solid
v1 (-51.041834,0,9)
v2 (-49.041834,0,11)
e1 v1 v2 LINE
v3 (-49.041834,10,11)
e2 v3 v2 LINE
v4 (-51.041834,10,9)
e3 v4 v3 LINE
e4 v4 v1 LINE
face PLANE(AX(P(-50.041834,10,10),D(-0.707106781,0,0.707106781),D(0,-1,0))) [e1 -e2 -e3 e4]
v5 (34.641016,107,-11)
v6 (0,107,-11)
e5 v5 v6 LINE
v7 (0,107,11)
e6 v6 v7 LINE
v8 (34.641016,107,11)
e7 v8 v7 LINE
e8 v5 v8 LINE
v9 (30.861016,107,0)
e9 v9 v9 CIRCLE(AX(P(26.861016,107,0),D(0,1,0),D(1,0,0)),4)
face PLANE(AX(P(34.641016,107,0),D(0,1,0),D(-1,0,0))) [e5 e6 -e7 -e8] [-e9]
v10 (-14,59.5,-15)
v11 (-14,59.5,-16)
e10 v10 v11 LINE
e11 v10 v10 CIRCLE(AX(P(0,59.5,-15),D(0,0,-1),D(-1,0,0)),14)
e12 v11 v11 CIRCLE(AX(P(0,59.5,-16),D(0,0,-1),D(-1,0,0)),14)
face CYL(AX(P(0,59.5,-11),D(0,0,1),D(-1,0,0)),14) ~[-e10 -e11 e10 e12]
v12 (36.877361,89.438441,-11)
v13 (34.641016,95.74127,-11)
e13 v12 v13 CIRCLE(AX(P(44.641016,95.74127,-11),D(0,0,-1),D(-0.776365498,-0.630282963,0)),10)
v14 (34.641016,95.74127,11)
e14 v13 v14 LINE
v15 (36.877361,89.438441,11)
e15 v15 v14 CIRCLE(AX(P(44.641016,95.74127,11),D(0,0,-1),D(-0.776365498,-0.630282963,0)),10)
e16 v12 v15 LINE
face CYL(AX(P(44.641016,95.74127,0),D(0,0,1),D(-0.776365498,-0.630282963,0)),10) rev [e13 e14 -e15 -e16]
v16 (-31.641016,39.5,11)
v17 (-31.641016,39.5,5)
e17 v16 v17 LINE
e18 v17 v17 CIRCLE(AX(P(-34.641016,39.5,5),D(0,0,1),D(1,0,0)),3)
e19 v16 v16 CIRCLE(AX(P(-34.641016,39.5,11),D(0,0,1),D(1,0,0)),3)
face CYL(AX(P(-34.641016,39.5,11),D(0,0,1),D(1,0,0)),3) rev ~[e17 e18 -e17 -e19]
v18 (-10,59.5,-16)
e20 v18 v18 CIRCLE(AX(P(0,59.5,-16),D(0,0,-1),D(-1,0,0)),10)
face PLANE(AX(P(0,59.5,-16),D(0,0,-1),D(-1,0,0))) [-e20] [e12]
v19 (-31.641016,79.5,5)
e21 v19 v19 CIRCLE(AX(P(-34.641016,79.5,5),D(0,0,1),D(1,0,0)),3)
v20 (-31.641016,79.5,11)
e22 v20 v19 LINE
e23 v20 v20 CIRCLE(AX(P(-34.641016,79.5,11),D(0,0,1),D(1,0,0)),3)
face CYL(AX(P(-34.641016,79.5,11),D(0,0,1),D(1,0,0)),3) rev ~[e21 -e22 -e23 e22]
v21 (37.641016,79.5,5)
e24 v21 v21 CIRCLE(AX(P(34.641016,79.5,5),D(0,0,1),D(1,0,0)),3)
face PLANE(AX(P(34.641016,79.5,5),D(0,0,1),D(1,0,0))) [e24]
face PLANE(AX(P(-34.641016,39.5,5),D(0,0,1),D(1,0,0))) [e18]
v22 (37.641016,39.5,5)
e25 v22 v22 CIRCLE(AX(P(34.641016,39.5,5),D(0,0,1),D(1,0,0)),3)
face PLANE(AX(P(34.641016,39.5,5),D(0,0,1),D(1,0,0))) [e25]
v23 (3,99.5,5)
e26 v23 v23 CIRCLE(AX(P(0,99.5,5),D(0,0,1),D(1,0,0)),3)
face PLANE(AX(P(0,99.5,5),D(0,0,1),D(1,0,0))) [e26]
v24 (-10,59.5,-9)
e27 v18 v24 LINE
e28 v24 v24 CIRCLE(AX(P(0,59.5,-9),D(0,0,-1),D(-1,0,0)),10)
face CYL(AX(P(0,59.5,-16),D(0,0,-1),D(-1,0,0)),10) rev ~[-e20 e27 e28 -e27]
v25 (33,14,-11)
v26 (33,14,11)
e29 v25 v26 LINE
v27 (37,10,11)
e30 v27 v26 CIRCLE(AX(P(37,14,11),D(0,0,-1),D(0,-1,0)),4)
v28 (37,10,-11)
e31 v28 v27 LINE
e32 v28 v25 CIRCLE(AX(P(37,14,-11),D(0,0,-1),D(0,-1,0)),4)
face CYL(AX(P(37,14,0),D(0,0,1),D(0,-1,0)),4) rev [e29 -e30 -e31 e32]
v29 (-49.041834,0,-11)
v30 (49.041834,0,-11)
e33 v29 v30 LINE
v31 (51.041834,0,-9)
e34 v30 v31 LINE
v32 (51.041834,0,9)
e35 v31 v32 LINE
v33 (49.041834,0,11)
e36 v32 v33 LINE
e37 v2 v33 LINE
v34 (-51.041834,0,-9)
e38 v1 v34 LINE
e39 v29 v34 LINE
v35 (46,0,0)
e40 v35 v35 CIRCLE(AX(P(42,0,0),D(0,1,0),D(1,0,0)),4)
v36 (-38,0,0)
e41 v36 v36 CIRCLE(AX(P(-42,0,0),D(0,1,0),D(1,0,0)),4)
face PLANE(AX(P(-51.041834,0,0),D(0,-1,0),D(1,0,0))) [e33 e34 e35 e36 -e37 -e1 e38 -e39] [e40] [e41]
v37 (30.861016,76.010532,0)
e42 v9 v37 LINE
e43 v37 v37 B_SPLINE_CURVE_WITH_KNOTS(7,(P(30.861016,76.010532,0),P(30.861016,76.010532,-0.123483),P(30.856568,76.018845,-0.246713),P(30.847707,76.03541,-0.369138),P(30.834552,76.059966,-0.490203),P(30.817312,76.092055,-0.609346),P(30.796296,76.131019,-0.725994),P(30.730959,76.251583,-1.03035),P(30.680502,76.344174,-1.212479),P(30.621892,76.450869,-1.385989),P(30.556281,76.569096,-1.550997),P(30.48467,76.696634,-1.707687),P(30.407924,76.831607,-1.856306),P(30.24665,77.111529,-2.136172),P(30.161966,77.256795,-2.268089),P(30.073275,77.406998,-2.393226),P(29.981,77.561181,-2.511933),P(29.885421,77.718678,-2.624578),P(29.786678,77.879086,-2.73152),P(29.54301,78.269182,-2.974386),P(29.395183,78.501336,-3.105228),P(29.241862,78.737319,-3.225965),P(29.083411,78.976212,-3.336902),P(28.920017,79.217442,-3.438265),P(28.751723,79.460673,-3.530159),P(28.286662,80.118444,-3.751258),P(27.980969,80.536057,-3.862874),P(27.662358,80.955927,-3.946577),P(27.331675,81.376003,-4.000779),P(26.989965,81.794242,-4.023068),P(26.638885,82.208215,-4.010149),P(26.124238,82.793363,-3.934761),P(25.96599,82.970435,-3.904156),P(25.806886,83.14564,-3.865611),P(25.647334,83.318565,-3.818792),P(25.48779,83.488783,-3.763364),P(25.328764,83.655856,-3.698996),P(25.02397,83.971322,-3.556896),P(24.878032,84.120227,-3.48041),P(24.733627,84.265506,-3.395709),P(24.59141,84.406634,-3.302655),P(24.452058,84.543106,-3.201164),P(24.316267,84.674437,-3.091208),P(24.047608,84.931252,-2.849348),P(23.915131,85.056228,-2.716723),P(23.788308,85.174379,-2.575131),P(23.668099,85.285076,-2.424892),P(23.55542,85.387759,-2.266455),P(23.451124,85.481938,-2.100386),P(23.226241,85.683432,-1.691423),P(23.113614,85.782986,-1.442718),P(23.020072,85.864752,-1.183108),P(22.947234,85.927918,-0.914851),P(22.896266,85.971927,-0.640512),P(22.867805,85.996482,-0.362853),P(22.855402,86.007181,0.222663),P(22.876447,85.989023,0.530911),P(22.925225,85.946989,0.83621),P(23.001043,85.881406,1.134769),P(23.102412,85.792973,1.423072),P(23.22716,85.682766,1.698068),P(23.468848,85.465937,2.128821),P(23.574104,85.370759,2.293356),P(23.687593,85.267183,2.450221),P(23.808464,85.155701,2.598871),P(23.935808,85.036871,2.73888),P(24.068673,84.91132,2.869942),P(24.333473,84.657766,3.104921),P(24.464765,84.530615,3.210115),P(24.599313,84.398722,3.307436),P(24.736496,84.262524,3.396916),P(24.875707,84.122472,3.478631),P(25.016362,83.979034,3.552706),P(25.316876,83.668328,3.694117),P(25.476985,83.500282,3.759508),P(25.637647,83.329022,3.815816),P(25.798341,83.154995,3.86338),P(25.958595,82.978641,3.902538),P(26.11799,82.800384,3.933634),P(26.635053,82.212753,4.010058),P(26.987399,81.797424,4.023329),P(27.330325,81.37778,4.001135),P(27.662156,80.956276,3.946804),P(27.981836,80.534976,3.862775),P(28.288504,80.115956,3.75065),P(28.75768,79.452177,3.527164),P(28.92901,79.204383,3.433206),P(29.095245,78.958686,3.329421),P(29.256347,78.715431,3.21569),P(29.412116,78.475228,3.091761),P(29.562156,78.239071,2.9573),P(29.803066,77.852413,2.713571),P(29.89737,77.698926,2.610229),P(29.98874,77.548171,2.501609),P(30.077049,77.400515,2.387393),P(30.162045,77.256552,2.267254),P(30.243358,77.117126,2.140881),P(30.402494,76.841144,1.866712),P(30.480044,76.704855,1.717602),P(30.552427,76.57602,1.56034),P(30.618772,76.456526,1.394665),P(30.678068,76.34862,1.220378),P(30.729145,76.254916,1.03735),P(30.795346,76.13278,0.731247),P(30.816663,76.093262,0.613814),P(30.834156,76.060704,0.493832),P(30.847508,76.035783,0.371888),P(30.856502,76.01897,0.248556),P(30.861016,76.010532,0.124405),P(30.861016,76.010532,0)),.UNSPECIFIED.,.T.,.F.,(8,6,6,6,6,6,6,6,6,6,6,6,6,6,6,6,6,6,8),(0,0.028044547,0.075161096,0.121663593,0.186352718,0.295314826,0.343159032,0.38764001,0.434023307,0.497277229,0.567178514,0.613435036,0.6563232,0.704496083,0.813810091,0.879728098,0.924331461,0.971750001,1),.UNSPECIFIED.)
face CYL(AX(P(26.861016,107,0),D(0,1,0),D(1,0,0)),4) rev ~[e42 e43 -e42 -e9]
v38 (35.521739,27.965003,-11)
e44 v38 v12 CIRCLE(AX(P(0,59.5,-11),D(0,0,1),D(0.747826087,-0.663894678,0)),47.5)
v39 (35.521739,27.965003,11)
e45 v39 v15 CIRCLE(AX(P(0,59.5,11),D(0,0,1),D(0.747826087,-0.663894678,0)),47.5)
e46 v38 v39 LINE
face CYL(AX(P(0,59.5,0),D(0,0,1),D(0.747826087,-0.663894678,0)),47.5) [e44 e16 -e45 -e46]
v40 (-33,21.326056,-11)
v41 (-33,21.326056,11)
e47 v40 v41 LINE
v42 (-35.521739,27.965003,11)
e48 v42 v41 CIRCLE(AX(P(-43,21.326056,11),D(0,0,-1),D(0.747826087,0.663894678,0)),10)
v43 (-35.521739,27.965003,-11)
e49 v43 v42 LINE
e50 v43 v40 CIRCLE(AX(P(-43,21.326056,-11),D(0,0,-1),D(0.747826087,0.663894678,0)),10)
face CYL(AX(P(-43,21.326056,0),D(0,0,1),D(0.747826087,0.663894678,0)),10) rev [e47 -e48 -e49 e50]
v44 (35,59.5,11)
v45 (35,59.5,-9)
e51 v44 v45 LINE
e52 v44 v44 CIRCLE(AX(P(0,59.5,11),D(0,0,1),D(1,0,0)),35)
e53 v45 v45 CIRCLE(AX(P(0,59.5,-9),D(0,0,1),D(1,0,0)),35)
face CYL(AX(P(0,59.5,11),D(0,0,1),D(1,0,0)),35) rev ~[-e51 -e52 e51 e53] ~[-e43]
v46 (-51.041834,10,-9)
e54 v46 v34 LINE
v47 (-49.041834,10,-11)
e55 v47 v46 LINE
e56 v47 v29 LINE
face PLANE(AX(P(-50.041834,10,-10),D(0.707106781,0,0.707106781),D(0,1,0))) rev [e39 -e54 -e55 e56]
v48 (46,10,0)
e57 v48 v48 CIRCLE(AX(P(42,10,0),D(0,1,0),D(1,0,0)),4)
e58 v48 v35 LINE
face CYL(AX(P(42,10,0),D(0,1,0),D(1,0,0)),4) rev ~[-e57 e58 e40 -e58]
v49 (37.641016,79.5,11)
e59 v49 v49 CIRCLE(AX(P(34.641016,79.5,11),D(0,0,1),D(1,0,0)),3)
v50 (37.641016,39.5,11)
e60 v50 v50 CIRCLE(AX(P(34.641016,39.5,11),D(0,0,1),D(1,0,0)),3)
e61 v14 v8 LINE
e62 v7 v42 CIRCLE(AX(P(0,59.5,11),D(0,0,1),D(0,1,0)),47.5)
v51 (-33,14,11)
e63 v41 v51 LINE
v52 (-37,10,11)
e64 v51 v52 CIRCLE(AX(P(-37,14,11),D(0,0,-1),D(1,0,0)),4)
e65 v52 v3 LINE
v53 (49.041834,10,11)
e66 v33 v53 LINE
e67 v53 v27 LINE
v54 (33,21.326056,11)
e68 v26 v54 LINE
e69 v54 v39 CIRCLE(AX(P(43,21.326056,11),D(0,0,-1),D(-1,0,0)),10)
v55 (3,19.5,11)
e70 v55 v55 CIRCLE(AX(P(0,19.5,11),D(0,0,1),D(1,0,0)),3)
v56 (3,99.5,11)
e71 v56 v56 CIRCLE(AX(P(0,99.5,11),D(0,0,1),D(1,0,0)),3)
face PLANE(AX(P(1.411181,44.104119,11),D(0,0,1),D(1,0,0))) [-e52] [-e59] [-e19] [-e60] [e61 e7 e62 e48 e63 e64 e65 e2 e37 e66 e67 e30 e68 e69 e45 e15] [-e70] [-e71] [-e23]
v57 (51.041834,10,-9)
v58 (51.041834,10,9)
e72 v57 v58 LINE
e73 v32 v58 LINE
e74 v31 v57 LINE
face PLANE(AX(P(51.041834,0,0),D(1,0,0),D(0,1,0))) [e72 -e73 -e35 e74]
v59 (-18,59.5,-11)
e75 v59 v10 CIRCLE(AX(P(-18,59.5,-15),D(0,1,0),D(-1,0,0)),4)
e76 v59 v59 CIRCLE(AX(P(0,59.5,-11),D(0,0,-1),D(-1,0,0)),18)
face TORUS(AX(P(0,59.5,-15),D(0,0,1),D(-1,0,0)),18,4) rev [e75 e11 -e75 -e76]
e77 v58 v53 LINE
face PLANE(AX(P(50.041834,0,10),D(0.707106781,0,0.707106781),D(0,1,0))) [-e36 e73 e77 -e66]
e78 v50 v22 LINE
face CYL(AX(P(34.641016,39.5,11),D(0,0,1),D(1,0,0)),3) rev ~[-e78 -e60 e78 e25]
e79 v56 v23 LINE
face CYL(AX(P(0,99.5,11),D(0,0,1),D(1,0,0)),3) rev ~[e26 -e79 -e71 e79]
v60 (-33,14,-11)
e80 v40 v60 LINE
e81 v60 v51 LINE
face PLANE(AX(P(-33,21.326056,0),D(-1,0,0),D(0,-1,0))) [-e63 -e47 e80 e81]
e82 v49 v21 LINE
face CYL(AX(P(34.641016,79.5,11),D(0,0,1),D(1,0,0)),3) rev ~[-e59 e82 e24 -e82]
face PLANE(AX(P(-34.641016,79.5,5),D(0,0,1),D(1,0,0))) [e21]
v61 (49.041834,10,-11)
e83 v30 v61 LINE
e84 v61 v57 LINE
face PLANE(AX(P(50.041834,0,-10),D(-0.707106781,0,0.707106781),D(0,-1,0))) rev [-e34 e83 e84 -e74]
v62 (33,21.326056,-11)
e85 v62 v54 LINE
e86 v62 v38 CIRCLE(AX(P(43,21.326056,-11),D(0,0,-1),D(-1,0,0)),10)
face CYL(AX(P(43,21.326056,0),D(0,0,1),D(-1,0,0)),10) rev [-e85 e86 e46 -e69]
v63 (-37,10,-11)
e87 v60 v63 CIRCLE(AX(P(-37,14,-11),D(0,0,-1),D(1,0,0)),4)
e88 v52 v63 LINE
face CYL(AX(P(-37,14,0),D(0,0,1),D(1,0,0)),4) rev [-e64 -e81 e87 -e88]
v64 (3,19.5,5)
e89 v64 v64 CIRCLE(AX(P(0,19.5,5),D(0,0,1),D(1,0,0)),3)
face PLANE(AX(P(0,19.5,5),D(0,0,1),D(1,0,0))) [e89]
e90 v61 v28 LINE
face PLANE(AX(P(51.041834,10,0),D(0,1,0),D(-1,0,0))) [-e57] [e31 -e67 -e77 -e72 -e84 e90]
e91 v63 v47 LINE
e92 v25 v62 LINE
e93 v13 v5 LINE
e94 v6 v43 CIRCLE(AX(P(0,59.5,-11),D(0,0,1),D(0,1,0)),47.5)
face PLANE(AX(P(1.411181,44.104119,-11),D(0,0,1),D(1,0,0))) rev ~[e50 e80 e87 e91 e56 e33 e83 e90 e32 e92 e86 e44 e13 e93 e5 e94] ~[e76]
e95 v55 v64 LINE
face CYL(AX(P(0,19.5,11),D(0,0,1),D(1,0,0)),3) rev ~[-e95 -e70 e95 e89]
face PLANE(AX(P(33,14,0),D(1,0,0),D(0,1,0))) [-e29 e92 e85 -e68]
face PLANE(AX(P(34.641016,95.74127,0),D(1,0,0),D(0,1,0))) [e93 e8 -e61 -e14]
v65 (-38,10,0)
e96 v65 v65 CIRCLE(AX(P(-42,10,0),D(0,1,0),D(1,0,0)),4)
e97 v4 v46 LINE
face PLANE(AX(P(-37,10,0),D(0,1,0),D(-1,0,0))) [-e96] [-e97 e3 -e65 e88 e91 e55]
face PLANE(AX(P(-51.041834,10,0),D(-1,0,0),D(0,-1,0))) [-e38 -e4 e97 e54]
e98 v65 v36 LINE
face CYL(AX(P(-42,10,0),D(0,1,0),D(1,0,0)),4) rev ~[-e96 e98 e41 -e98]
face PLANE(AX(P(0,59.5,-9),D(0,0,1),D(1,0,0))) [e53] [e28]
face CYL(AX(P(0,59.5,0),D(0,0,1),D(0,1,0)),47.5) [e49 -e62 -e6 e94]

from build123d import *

# Parameters (mm, degrees)
BOSS_EXTRUDE1_DEPTH = 11
SKETCH2_R           = 35
CUT_EXTRUDE1_DEPTH  = 20
SKETCH3_R           = 14
BOSS_EXTRUDE2_DEPTH = 5
SKETCH4_R           = 10
CUT_EXTRUDE2_DEPTH  = 55
FILLET1_R           = 4
CHAMFER1_SIZE       = 2
SKETCH5_R           = 4
CUT_EXTRUDE3_DEPTH  = 10
SKETCH6_R           = 4
CUT_EXTRUDE4_DEPTH  = 31
SKETCH7_R           = 3
CUT_EXTRUDE5_DEPTH  = 6


with BuildPart() as part:
    # Sketch1 → Boss-Extrude1 (new body, symmetric)
    with BuildSketch(Plane.XY):
        with BuildLine():
            Line((-51.041834152, 0), (51.041834152, 0))
            Line((51.041834152, 0), (51.041834152, 10))
            Line((51.041834152, 10), (37, 10))
            ThreePointArc((37, 10), (34.171572875, 11.171572875), (33, 14))
            Line((33, 14), (33, 21.326056007))
            ThreePointArc((33, 21.326056007), (33.651668366, 24.876928527), (35.52173913, 27.965002788))
            ThreePointArc((35.52173913, 27.965002788), (47.48845464, 58.45277704), (36.877361169, 89.438440728))
            ThreePointArc((36.877361169, 89.438440728), (35.216671351, 92.397361701), (34.641016151, 95.741270355))
            Line((34.641016151, 95.741270355), (34.641016151, 107))
            Line((34.641016151, 107), (0, 107))
            ThreePointArc((0, 107), (-43.325294965, 78.972257605), (-35.52173913, 27.965002788))
            ThreePointArc((-35.52173913, 27.965002788), (-33.651668366, 24.876928527), (-33, 21.326056007))
            Line((-33, 21.326056007), (-33, 14))
            ThreePointArc((-33, 14), (-34.171572875, 11.171572875), (-37, 10))
            Line((-37, 10), (-51.041834152, 10))
            Line((-51.041834152, 10), (-51.041834152, 0))
        make_face()
    extrude(amount=BOSS_EXTRUDE1_DEPTH, both=True)

    # Sketch2 → Cut-Extrude1 (cut)
    with BuildSketch(Plane.XY.offset(11)):
        with Locations((0, 59.5)):
            Circle(SKETCH2_R)
    extrude(amount=-CUT_EXTRUDE1_DEPTH, mode=Mode.SUBTRACT)

    # Sketch3 → Boss-Extrude2 (add)
    with BuildSketch(Plane(origin=(0, 0, -11), x_dir=(-1, 0, 0), z_dir=(0, 0, -1))):
        with Locations((0, 59.5)):
            Circle(SKETCH3_R)
    extrude(amount=BOSS_EXTRUDE2_DEPTH)

    # Sketch4 → Cut-Extrude2 (cut)
    with BuildSketch(Plane(origin=(0, 0, -16), x_dir=(-1, 0, 0), z_dir=(0, 0, -1))):
        with Locations((0, 59.5)):
            Circle(SKETCH4_R)
    extrude(amount=-CUT_EXTRUDE2_DEPTH, mode=Mode.SUBTRACT)

    # Fillet1
    fillet1_edges = [part.edges().sort_by_distance(p)[0] for p in [
        (14, 59.5, -11),
    ]]
    fillet(fillet1_edges, radius=FILLET1_R)

    # Chamfer1
    chamfer1_edges = [part.edges().sort_by_distance(p)[0] for p in [
        (-51.041834152, 5, -11),
        (51.041834152, 5, -11),
        (51.041834152, 5, 11),
        (-51.041834152, 5, 11),
    ]]
    chamfer(chamfer1_edges, length=CHAMFER1_SIZE)

    # Sketch5 → Cut-Extrude3 (cut)
    with BuildSketch(Plane(origin=(0, 10, 0), x_dir=(1, 0, 0), z_dir=(0, 1, 0))):
        with Locations((-42, 0)):
            Circle(SKETCH5_R)
        with Locations((42, 0)):
            Circle(SKETCH5_R)
    extrude(amount=-CUT_EXTRUDE3_DEPTH, mode=Mode.SUBTRACT)

    # Sketch6 → Cut-Extrude4 (cut)
    with BuildSketch(Plane(origin=(0, 107, 0), x_dir=(1, 0, 0), z_dir=(0, 1, 0))):
        with Locations((26.861016151, 0)):
            Circle(SKETCH6_R)
    extrude(amount=-CUT_EXTRUDE4_DEPTH, mode=Mode.SUBTRACT)

    # Sketch7 → Cut-Extrude5 (cut)
    with BuildSketch(Plane.XY.offset(11)):
        with Locations((0, 99.5)):
            Circle(SKETCH7_R)
        with Locations((34.641016151, 79.5)):
            Circle(SKETCH7_R)
        with Locations((34.641016151, 39.5)):
            Circle(SKETCH7_R)
        with Locations((0, 19.5)):
            Circle(SKETCH7_R)
        with Locations((-34.641016151, 39.5)):
            Circle(SKETCH7_R)
        with Locations((-34.641016151, 79.5)):
            Circle(SKETCH7_R)
    extrude(amount=-CUT_EXTRUDE5_DEPTH, mode=Mode.SUBTRACT)


solid = part.part
